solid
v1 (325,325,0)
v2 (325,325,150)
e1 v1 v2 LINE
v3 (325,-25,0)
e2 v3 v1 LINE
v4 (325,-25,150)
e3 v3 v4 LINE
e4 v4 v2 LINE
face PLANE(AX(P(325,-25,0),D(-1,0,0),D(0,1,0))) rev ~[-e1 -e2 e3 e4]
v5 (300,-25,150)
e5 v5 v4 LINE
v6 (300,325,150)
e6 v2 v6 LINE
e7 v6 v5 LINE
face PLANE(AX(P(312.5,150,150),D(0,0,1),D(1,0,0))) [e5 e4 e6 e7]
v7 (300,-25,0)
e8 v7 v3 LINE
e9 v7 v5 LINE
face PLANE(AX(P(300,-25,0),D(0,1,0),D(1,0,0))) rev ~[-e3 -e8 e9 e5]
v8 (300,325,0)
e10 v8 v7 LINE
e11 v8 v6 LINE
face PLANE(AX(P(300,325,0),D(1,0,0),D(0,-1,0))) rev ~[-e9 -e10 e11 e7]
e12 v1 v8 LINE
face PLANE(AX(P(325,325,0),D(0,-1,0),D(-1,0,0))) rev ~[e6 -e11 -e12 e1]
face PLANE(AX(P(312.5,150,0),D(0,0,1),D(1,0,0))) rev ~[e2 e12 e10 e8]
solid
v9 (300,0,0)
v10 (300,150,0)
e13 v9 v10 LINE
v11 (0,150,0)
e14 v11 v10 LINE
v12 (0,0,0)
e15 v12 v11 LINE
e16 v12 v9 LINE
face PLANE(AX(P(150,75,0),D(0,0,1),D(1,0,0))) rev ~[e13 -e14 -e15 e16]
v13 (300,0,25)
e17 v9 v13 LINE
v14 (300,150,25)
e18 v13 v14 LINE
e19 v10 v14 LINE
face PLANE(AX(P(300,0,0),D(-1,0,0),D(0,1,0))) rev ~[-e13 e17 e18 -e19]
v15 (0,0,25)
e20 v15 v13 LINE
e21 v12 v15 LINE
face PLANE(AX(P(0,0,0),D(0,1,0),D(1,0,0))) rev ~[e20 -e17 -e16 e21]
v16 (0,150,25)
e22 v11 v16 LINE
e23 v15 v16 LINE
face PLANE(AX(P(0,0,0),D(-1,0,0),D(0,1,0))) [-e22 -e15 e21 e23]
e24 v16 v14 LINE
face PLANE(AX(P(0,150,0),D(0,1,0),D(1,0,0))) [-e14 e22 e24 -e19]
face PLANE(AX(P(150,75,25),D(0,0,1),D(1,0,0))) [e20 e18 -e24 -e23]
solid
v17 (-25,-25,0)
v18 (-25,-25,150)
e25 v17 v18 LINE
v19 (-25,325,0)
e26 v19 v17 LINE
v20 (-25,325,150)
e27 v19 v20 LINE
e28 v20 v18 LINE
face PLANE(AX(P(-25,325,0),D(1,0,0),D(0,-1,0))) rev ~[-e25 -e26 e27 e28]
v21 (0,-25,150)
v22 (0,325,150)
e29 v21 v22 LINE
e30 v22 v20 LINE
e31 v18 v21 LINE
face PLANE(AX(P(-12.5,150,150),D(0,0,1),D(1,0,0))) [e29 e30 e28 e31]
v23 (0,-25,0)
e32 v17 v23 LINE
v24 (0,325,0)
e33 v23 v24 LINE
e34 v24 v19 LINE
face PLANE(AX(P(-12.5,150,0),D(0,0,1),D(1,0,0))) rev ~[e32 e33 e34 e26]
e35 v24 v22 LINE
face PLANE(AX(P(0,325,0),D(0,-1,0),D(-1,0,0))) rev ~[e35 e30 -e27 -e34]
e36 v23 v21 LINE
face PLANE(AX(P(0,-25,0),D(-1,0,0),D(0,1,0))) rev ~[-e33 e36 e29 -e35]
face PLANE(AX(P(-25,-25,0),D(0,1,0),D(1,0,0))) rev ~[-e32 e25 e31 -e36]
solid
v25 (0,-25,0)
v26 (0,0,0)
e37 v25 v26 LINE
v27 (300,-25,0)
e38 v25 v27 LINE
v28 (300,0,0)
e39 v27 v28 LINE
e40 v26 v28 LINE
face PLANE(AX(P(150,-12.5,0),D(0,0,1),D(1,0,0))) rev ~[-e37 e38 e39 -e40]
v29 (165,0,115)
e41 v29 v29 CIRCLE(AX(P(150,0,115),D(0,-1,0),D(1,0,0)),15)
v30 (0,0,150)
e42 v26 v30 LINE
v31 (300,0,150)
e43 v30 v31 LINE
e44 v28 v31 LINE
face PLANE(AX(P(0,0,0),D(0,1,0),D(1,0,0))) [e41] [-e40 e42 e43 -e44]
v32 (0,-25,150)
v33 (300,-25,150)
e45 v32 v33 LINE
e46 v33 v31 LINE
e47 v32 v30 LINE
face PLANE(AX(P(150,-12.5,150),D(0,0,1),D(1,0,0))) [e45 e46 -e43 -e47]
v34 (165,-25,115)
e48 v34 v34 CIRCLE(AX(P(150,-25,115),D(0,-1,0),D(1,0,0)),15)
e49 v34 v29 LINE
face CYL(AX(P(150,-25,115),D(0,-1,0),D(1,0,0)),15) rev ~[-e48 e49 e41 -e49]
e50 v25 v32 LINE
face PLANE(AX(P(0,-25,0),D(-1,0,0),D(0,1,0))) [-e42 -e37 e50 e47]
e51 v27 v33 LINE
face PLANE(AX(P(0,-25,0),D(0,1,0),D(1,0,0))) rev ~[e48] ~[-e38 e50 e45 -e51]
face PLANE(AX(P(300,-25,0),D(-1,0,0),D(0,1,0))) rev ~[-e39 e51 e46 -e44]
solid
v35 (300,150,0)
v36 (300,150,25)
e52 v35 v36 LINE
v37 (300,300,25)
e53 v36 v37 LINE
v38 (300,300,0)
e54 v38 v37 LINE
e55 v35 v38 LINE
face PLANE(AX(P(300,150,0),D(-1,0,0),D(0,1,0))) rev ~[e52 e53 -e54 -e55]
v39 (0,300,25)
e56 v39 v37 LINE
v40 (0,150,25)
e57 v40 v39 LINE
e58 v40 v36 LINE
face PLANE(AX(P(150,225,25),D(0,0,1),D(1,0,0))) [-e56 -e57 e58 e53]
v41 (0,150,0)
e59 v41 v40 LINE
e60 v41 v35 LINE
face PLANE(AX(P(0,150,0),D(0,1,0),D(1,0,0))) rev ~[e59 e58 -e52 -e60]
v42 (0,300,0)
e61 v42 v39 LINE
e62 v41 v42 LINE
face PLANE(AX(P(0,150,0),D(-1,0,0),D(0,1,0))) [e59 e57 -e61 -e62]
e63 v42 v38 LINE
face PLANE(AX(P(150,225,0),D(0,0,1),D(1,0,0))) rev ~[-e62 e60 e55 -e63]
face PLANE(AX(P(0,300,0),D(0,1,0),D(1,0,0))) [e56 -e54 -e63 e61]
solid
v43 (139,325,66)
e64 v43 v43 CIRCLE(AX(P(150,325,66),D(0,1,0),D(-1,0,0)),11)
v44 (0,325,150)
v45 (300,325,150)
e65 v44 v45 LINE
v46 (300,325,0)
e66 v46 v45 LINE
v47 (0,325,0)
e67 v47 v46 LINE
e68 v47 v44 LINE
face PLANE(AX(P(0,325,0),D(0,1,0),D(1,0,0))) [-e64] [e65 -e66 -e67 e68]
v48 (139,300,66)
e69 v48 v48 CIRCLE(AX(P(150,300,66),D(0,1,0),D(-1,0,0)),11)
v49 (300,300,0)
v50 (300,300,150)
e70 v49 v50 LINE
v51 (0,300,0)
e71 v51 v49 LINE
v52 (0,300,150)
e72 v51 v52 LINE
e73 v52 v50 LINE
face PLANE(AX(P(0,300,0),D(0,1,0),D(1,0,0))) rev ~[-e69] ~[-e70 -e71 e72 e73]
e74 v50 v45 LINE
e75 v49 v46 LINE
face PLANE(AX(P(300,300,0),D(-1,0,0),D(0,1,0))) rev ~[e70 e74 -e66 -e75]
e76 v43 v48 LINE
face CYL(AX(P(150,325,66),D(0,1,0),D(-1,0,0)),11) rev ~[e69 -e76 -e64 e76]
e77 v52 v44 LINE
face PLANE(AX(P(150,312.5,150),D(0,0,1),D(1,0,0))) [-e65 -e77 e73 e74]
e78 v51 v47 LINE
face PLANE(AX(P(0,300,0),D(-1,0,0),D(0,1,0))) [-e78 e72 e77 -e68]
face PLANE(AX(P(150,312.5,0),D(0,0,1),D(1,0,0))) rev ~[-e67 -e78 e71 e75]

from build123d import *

# Parameters (mm, degrees)
F0_W     = 300
F0_H     = 150
F1_DEPTH = 25
F2_DEPTH = 25
F0_H_2   = 25
F3_DEPTH = 150
F4_DEPTH = 150
F6_DEPTH = 25
F7_R     = 15
F8_DEPTH = 25


with BuildPart() as f1:
    # F0 (on Top) → F1 (new body)
    with BuildSketch(Plane.XY):
        with Locations((150, 75)):
            Rectangle(F0_W, F0_H)
    extrude(amount=F1_DEPTH)


with BuildPart() as f2:
    # F0 (on Top) → F2 (new body)
    with BuildSketch(Plane.XY):
        with Locations((150, 225)):
            Rectangle(F0_W, F0_H)
    extrude(amount=F2_DEPTH)


with BuildPart() as f3:
    # F0 (on Top) → F3 (new body)
    with BuildSketch(Plane.XY):
        with Locations((150, 312.5)):
            Rectangle(F0_W, F0_H_2)
        with Locations((150, -12.5)):
            Rectangle(F0_W, F0_H_2)
    extrude(amount=F3_DEPTH)

    # F5 (on face) → F6 (cut, through all)
    with BuildSketch(Plane(origin=(0, 325, 0), x_dir=(-1, 0, 0), z_dir=(0, 1, 0))):
        with BuildLine():
            ThreePointArc((-161, 66), (-150, 55), (-139, 66))
            Line((-139, 66), (-161, 66))
        make_face()
        with BuildLine():
            Line((-161, 66), (-139, 66))
            ThreePointArc((-139, 66), (-150, 77), (-161, 66))
        make_face()
    extrude(amount=-F6_DEPTH, mode=Mode.SUBTRACT)

    # F7 (on face) → F8 (cut, through all)
    with BuildSketch(Plane.XZ.offset(25)):
        with Locations((150, 115)):
            Circle(F7_R)
    extrude(amount=-F8_DEPTH, mode=Mode.SUBTRACT)


with BuildPart() as f4:
    # F0 (on Top) → F4 (new body)
    with BuildSketch(Plane.XY):
        Polygon((300, 150), (300, 0), (300, -25), (325, -25), (325, 325), (300, 325), (300, 300), align=None)
        Polygon((0, -25), (0, 0), (0, 150), (0, 300), (0, 325), (-25, 325), (-25, -25), align=None)
    extrude(amount=F4_DEPTH)


solid = Compound([f1.part, f2.part, f3.part, f4.part])
